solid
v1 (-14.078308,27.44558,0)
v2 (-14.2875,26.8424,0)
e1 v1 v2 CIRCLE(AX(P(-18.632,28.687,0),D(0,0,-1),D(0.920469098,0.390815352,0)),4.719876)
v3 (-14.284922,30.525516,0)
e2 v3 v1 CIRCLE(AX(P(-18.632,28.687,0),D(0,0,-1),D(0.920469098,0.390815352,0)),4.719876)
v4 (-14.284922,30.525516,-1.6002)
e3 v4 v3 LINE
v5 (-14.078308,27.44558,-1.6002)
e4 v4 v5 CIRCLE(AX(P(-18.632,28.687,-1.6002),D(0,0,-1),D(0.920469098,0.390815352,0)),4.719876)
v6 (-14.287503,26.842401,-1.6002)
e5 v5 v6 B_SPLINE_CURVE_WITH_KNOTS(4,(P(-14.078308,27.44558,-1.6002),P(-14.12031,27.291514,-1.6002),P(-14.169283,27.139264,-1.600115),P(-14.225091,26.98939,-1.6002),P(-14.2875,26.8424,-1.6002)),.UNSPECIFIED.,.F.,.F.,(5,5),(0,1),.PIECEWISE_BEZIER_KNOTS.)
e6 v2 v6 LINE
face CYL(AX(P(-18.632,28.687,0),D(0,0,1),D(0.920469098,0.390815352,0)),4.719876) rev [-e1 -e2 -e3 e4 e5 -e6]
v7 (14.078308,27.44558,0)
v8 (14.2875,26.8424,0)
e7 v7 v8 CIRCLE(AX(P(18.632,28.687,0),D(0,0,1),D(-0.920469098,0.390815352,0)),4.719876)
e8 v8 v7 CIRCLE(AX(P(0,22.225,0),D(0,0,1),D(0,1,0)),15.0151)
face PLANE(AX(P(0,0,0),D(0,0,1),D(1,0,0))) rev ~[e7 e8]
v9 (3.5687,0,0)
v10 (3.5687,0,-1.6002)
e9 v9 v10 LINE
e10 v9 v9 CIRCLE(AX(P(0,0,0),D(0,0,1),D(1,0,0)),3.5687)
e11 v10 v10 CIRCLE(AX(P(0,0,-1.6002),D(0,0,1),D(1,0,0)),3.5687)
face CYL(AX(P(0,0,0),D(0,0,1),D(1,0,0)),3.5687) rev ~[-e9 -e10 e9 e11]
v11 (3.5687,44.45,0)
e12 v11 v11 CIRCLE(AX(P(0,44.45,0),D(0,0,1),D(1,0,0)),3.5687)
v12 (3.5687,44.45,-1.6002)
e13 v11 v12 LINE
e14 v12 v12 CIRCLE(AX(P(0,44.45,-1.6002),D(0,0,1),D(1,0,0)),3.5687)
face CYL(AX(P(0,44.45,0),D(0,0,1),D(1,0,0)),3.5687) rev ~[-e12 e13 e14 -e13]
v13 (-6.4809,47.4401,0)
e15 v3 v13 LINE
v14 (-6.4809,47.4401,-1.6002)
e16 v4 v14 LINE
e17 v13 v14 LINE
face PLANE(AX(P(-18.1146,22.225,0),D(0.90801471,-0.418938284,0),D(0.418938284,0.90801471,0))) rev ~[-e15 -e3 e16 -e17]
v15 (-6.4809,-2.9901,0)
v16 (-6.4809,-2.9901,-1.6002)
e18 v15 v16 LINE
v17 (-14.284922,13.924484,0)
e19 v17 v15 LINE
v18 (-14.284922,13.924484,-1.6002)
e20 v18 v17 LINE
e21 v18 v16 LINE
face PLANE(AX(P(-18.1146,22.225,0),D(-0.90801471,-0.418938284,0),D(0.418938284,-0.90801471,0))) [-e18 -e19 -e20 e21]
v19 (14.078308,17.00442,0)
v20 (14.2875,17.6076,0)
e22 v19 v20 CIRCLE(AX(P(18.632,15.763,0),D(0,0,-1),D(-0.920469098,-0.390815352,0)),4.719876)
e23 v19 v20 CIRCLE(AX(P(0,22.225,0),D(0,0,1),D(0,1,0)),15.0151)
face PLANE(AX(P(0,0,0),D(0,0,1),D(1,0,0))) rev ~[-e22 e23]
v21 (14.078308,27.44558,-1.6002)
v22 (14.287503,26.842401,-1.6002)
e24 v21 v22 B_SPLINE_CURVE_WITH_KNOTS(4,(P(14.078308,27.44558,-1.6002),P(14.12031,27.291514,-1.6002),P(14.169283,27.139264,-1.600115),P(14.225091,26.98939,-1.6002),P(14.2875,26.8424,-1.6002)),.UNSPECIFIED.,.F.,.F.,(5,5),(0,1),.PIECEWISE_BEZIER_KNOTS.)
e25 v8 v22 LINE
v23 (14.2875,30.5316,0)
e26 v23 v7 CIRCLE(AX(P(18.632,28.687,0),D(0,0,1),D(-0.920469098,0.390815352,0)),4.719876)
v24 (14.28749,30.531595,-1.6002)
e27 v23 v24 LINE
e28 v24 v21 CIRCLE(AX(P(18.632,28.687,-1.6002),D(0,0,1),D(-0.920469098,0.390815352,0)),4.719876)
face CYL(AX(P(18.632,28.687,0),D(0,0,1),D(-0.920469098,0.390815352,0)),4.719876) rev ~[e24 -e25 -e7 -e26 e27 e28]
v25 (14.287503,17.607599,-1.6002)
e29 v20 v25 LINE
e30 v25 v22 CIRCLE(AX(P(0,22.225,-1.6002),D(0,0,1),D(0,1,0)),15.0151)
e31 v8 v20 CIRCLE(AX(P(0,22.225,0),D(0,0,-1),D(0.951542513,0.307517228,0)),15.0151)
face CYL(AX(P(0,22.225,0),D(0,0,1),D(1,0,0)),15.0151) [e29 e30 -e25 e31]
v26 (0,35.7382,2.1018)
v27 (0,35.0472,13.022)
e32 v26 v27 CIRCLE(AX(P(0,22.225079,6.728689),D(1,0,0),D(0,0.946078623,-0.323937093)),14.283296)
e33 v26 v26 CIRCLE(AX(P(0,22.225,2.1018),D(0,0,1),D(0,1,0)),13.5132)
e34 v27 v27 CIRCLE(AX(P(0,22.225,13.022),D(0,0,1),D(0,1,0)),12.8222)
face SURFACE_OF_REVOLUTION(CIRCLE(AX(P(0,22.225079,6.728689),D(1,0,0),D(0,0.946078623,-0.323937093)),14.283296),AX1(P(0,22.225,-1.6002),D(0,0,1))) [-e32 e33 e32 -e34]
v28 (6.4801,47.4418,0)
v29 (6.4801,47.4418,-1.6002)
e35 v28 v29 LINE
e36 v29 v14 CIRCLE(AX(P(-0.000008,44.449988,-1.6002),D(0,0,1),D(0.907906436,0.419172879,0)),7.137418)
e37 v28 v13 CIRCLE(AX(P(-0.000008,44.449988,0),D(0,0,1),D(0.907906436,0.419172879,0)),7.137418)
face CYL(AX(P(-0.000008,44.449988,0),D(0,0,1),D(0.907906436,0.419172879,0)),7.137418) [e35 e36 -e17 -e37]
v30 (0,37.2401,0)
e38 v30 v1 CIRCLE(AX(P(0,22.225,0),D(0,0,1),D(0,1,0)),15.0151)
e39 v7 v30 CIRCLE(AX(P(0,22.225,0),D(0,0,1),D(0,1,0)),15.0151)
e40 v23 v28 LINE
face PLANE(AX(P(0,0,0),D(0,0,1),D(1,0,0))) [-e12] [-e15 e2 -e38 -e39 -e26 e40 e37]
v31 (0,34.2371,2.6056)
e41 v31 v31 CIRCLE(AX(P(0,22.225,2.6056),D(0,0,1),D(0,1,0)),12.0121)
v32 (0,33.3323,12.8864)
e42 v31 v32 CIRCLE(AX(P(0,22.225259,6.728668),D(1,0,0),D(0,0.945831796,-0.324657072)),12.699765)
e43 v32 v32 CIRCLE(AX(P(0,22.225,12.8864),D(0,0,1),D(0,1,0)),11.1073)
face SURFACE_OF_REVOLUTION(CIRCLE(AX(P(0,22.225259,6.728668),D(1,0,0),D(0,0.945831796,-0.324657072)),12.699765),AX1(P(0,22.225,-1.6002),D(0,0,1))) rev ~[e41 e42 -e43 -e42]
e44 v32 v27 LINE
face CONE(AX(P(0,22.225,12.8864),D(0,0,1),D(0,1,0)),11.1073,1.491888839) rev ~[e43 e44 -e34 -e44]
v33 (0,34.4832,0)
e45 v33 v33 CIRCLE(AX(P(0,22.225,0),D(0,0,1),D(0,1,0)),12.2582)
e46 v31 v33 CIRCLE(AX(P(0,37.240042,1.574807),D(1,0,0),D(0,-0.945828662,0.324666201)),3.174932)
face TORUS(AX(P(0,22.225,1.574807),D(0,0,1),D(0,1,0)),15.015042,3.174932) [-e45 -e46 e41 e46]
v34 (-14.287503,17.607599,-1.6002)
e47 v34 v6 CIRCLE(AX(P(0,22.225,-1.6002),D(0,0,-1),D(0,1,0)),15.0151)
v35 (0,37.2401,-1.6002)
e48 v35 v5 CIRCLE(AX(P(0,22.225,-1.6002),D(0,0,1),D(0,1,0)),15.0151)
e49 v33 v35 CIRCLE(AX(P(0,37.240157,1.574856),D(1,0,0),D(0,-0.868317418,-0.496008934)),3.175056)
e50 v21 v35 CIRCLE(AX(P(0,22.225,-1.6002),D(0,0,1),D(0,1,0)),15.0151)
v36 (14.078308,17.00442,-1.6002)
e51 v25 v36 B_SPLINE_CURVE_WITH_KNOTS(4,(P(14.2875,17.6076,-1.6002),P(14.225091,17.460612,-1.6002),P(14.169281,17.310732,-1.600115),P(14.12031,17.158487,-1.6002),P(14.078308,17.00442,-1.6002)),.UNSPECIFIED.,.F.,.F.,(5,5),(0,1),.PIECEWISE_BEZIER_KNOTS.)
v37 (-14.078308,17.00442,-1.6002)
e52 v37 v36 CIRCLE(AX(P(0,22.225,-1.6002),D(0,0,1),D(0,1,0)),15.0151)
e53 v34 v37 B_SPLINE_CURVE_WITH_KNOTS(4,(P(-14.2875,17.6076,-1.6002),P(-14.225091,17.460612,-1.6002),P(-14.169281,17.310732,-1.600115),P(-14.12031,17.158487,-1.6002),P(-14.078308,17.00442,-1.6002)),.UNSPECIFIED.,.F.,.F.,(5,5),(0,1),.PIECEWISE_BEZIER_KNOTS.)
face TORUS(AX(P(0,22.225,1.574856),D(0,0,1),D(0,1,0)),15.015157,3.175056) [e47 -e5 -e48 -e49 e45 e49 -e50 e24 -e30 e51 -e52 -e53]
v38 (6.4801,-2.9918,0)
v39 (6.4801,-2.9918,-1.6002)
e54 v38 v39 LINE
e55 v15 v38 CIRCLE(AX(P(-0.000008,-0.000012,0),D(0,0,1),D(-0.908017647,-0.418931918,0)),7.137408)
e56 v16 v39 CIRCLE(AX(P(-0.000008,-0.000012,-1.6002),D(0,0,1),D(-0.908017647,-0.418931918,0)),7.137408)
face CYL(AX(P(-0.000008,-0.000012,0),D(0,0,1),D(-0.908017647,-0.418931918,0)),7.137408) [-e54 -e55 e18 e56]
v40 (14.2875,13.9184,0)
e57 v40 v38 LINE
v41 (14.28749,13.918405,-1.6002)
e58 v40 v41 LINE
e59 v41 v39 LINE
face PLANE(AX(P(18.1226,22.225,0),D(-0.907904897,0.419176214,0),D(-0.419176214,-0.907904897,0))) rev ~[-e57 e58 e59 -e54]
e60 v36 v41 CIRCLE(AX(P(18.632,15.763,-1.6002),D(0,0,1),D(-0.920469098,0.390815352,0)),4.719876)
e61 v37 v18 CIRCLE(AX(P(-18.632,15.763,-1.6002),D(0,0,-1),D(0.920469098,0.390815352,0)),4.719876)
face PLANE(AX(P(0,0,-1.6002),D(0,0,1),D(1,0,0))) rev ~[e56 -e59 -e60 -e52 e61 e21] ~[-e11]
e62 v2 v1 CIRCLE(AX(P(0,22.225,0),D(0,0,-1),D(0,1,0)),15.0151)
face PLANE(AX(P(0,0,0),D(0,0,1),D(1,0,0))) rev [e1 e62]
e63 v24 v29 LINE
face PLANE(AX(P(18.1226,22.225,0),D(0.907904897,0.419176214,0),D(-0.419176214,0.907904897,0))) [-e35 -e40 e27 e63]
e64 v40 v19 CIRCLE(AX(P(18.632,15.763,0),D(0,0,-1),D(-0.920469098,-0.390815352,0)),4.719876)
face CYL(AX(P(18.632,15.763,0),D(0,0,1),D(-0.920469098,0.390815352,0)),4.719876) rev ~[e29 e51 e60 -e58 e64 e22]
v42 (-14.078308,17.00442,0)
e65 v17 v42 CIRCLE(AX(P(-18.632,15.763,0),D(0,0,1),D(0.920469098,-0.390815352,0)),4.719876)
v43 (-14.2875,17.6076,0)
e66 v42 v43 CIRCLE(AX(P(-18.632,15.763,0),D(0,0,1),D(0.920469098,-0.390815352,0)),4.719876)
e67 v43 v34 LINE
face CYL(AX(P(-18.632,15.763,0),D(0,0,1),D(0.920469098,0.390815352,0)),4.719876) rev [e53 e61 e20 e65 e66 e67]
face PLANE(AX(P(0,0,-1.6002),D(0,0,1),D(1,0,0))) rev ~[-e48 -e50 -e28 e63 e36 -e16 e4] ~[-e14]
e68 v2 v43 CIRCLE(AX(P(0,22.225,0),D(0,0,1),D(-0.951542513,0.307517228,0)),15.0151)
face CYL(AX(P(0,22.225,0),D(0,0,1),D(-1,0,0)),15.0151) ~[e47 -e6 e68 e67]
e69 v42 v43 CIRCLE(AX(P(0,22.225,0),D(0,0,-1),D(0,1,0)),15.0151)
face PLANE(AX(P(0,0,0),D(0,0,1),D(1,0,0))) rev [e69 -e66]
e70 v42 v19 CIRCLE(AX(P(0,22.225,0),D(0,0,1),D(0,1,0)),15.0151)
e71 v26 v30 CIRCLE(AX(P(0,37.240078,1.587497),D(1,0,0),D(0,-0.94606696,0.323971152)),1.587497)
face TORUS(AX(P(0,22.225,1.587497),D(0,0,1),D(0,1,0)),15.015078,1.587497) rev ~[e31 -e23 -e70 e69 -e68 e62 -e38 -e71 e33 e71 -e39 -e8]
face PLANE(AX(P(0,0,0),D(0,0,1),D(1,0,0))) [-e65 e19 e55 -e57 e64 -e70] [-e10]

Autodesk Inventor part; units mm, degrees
ref_plane "YZ Plane" through (0, 0, 0) normal (1, 0, 0) x (0, 1, 0)
ref_plane "XZ Plane" through (0, 0, 0) normal (0, 1, 0) x (-1, 0, 0)
ref_plane "XY Plane" through (0, 0, 0) normal (0, 0, 1) x (1, 0, 0)
sketch "Sketch1" plane through (0, 0, 0) normal (0, 0, 1) x (1, 0, 0)
  circle A0 centre (0, 0) radius 3.5687
  arc A1 (-6.4809, -2.9901) -> (6.4801, -2.9918) centre (0, 0) ccw
  line L0 (-20.3315, 22.225) -> (23.7148, 22.225)
  circle A2 centre (0, 44.45) radius 3.5687
  arc A3 (6.4801, 47.4418) -> (-6.4809, 47.4401) centre (0, 44.45) ccw
  circle A4 centre (0, 22.225) radius 14.8487
  circle A5 centre (0, 22.225) radius 13.5003
  line L1 (-18.1146, 22.225) -> (-6.4809, 47.4401)
  line L2 (18.1226, 22.225) -> (6.4801, 47.4418)
  line L3 (-18.1146, 22.225) -> (-6.4809, -2.9901)
  line L4 (18.1226, 22.225) -> (6.4801, -2.9918)
  point P0 (-14.3353, 14.0338)
  point P1 (14.3408, 14.0338)
  dimension "d0" = 7.1374
  dimension "d1" = 14.2748
  dimension "d2" = 44.45
extrude "Extrusion1" add sketch "Sketch1" against normal blind 1.6002
sketch "Sketch2" plane through (0, 0, 0) normal (1, 0, 0) x (0, 1, 0)
  point P0 (0, 0)
sketch "Sketch3" plane through (0, 0, 0) normal (1, 0, 0) x (0, 1, 0)
  arc A0 (35.7382, 2.1018) -> (35.0472, 13.022) centre (22.225, 6.7287) ccw
  line L0 (51.5874, 0) -> (47.4401, 0) projected
  line L1 (51.5874, 0) -> (34.4832, 0)
  line L2 (-2.9901, 0) -> (-7.1374, 0) projected
  line L3 (-7.1374, 0) -> (7.1476, 1.1293)
  line L4 (33.3323, 12.8864) -> (35.0472, 13.022)
  arc A1 (35.7382, 2.1018) -> (37.2401, 0) centre (37.2401, 1.5875) ccw
  line L5 (48.0187, -1.6002) -> (40.8813, -1.6002) projected
  line L6 (3.5687, -1.6002) -> (-3.5687, -1.6002) projected
  line L7 (22.225, -1.6002) -> (-2.9901, -1.6002) projected
  line L8 (47.4401, -1.6002) -> (22.225, -1.6002) projected
  line L9 (47.4418, -1.6002) -> (47.4401, -1.6002) projected
  line L10 (22.225, -1.6002) -> (47.4418, -1.6002) projected
  line L11 (-2.9918, -1.6002) -> (22.225, -1.6002) projected
  line L12 (-2.9901, -1.6002) -> (-2.9918, -1.6002) projected
  arc A2 (34.2371, 2.6056) -> (33.3323, 12.8864) centre (22.225, 6.7287) ccw
  line L13 (51.5874, -1.6002) -> (47.4401, -1.6002) projected
  line L14 (51.5874, -1.6002) -> (37.2401, -1.6002)
  arc A3 (34.2371, 2.6056) -> (34.4832, 0) centre (37.2401, 1.5748) ccw
  line L15 (22.225, -1.6002) -> (22.225, 16.2984)
  arc A4 (34.4832, 0) -> (37.2401, -1.6002) centre (37.2401, 1.5748) ccw
  line L16 (37.2401, -1.6002) -> (22.225, -1.6002)
  line L17 (34.4832, 0) -> (22.225, 0)
  point P0 (0, 0)
  point P1 (47.4418, 0)
  point P2 (-2.9918, 0)
  point P3 (31.8125, -1.6002)
  dimension "d28" = 1.5875
  dimension "d29" = 3.175
revolve "Revolution2" add sketch "Sketch3" angle 360 about axis through (0, 22.225, -1.6002) along (0, 0, 1) contours A1 L1 A3 A2 L4 A0
revolve "Revolution3" cut sketch "Sketch3" angle 360 about axis through (0, 22.225, -1.6002) along (0, 0, 1) contours A4 L8 L15 L17
sketch "Sketch4" plane through (0, 0, 0) normal (0, 0, 1) x (1, 0, 0)
  line L0 (6.4801, -2.9918) -> (18.1226, 22.225) projected
  line L1 (18.1226, 22.225) -> (6.4801, 47.4418) projected
  circle A0 centre (0, 44.45) radius 3.5687 projected
  circle A1 centre (0, 22.225) radius 15.0151 projected
  line L2 (0, 44.45) -> (0, 57.4596)
  line L3 (-14.2875, 44.45) -> (-14.2875, 57.4596)
  arc A2 (14.2875, 30.5316) -> (14.2875, 26.8424) centre (18.632, 28.687) ccw
  arc A3 (14.2875, 17.6076) -> (14.2875, 26.8424) centre (0, 22.225) ccw
  arc A4 (14.2875, 17.6076) -> (14.2875, 13.9184) centre (18.632, 15.763) ccw
  line L4 (14.2875, 30.5316) -> (14.2875, 57.4596)
  dimension "d33" = 14.2875
extrude "Extrusion2" cut sketch "Sketch4" against normal up to next contours A4 A1 A2 L1 L0 | A4 A1 | A1 A2
mirror "Mirror1" about plane through (0, 0, 0) normal (1, 0, 0) of "Extrusion2"
equation "\"d33\" = 0.5 * d32"
equation "\"d32\" = 28.575"
properties part number "Misc_FlangeMount_Triangle_4050"
